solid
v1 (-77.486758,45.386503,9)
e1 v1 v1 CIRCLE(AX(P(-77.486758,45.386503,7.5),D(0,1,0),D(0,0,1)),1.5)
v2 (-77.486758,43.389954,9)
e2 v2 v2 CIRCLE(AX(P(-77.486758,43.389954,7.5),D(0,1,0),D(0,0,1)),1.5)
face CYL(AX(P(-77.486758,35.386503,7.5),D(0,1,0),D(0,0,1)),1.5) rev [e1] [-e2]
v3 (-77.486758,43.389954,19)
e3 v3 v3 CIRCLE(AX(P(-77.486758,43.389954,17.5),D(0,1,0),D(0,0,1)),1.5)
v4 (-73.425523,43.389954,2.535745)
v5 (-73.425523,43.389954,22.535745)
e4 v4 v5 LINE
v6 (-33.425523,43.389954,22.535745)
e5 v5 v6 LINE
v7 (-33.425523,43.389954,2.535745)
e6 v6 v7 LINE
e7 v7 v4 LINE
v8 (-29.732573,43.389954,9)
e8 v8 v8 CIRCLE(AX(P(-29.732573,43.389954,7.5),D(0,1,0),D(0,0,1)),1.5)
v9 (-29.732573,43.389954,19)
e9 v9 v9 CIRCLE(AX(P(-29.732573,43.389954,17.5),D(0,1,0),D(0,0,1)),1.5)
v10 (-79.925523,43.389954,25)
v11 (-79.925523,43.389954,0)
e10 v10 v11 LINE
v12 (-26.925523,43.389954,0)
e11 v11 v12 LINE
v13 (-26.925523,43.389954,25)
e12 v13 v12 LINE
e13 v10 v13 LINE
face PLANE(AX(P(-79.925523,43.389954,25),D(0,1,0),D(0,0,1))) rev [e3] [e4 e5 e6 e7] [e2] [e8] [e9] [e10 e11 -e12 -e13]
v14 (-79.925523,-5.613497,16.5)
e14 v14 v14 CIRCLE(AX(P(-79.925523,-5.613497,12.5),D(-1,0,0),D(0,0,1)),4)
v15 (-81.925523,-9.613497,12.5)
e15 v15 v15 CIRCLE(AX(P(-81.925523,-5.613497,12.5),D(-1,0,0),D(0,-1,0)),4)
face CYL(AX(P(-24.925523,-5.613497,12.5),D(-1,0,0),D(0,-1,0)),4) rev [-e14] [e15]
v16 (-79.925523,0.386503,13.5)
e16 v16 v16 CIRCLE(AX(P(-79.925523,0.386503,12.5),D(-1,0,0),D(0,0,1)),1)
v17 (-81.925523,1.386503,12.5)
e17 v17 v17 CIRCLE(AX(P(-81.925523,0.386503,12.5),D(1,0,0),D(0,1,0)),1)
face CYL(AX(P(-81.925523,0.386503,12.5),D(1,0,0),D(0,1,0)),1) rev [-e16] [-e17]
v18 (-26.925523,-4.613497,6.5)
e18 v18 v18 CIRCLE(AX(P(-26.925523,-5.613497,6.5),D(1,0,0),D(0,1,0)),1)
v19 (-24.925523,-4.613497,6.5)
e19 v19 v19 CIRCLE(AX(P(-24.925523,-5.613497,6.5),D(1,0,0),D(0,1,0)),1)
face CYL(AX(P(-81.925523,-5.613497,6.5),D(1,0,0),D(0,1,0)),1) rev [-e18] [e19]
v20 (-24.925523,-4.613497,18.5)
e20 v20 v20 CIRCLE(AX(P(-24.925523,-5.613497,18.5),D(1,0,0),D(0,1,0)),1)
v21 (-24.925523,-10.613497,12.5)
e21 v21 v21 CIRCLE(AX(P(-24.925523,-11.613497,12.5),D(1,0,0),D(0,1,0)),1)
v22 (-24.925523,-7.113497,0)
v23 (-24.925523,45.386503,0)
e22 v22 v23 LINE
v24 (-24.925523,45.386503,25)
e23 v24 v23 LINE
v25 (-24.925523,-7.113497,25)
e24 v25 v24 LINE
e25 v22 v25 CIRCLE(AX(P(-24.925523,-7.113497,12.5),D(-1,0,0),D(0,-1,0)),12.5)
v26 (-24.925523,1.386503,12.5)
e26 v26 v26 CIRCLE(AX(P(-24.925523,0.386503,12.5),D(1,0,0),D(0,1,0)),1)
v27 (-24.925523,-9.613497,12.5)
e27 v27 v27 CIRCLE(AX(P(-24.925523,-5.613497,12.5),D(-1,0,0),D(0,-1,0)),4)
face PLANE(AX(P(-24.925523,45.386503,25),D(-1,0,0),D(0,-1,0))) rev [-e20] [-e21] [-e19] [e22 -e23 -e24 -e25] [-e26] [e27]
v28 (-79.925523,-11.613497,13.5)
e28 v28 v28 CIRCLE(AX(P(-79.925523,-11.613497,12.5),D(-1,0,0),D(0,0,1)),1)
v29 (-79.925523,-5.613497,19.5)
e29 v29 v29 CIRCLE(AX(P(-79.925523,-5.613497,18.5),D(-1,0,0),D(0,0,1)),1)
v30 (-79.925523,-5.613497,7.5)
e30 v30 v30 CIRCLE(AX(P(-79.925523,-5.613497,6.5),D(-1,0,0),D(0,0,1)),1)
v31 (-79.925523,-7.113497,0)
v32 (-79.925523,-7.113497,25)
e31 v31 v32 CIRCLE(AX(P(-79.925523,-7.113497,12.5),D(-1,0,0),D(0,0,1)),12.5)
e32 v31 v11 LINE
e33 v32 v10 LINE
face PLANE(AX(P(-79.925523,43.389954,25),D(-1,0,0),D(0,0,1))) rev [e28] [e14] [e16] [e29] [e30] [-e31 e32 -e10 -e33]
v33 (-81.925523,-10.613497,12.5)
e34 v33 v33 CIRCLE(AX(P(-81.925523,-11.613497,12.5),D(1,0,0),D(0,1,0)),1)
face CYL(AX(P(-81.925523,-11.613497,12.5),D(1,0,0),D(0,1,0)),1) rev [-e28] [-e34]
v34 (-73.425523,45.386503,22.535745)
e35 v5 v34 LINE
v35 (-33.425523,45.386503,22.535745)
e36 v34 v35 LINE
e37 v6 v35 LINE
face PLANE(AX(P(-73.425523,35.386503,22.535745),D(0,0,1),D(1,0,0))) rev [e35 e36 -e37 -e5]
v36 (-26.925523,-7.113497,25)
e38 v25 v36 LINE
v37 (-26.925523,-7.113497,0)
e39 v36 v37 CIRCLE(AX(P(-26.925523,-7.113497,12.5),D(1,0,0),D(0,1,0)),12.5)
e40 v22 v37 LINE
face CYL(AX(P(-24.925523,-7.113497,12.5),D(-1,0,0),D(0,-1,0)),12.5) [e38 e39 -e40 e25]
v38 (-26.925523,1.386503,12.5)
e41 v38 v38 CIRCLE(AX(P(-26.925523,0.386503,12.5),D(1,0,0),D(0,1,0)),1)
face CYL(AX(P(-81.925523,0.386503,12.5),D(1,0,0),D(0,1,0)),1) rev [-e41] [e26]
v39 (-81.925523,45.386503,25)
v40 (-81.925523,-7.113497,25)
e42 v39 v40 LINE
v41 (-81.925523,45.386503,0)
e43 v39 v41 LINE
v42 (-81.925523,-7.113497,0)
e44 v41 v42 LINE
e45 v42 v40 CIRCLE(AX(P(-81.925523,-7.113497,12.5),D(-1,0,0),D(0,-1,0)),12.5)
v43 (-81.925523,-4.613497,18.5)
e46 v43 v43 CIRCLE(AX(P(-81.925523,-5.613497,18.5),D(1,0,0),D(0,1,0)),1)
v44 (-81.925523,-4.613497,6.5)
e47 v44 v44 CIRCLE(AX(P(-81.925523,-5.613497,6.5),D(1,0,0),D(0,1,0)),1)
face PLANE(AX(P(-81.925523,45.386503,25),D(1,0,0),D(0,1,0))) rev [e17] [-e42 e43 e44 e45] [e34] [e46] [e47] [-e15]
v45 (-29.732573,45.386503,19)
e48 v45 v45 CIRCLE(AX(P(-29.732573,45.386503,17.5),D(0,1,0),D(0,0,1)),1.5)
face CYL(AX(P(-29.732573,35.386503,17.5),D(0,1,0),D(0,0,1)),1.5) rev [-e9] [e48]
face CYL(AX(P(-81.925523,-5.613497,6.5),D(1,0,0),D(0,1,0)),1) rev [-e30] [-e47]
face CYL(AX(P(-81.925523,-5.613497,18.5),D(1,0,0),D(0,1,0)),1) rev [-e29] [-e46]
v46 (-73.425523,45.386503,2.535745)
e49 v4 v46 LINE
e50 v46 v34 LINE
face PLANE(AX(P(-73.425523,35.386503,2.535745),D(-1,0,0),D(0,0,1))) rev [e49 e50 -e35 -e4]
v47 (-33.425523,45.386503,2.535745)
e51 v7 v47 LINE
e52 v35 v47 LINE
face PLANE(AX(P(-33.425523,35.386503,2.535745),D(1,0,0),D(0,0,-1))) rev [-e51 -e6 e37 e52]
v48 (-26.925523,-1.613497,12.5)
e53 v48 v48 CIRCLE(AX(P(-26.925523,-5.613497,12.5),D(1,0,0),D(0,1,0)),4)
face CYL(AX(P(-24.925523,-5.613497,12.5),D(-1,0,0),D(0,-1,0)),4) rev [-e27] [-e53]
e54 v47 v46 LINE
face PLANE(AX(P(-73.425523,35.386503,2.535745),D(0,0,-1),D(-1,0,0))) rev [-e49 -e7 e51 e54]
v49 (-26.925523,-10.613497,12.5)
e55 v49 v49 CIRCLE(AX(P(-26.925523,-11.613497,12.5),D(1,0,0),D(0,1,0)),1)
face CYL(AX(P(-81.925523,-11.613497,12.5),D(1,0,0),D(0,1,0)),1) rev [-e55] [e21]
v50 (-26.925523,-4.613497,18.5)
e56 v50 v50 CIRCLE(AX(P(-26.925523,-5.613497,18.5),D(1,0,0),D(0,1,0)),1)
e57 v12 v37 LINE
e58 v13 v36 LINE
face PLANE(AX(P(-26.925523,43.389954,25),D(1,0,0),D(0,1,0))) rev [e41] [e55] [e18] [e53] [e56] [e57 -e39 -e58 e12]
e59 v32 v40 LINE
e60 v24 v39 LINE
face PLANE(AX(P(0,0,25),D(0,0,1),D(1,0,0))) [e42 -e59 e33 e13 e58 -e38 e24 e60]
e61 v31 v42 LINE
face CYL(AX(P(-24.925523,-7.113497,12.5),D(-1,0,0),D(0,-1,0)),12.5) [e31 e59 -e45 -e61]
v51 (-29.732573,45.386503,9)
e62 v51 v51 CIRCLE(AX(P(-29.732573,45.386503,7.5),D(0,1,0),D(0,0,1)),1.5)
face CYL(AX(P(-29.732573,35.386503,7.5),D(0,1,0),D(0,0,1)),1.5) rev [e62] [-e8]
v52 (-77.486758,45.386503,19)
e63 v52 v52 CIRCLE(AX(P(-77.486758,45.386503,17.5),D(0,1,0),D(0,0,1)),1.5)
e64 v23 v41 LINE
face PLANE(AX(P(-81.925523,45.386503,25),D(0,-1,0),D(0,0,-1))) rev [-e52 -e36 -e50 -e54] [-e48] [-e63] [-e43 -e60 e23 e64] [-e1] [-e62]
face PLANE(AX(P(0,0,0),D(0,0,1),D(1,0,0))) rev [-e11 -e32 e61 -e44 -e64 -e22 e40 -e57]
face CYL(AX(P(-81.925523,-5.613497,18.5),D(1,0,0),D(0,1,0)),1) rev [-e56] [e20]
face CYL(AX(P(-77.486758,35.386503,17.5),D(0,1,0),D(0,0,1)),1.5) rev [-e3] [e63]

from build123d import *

# Parameters (mm, degrees)
BOSS_EXTRUDE2_DEPTH = 25
SKETCH4_R           = 4
CUT_EXTRUDE1_DEPTH  = 108.5257706
SKETCH6_R           = 4
CUT_EXTRUDE2_DEPTH  = 78.032036302
CUT_EXTRUDE3_DEPTH  = 78.032036302
SKETCH9_R           = 1
CUT_EXTRUDE4_DEPTH  = 78.032036302
SKETCH10_R          = 1
CUT_EXTRUDE5_DEPTH  = 108.5257706
SKETCH11_R          = 1.5
SKETCH11_W          = 40
SKETCH11_H          = 20
CUT_EXTRUDE6_DEPTH  = 10


with BuildPart() as part:
    # Sketch3 → Boss-Extrude2 (new body)
    with BuildSketch(Plane.XY):
        Polygon((-79.925523148, 45.386502584), (-27.042967192, 45.386502584), (-24.925523148, 45.386502584), (-24.925523148, -19.613497416), (-26.925523148, -19.613497416), (-26.925523148, 43.389953837), (-79.925523148, 43.389953837), (-79.925523148, -19.613497416), (-81.925523148, -19.613497416), (-81.925523148, 45.386502584), align=None)
    extrude(amount=BOSS_EXTRUDE2_DEPTH)

    # Sketch4 → Cut-Extrude1 (cut, through all)
    with BuildSketch(Plane(origin=(0, 45.386502584, 0), x_dir=(1, 0, 0), z_dir=(0, 1, 0))):
        with Locations(Location((-54.925523148, -12.5, 0), (0, 0, 270))):
            Circle(SKETCH4_R)
    extrude(amount=-CUT_EXTRUDE1_DEPTH, mode=Mode.SUBTRACT)

    # Sketch6 → Cut-Extrude2 (cut, through all)
    with BuildSketch(Plane.ZY.offset(81.925523148)):
        with Locations(Location((12.5, -5.613497416, 0), (0, 0, 270))):
            Circle(SKETCH6_R)
    extrude(amount=-CUT_EXTRUDE2_DEPTH, mode=Mode.SUBTRACT)

    # Sketch8 → Cut-Extrude3 (cut, through all)
    with BuildSketch(Plane.ZY.offset(81.925523148)):
        with BuildLine():
            Line((0, -19.613497416), (12.5, -19.613497416))
            ThreePointArc((12.5, -19.613497416), (3.661165213, -15.952332159), (0, -7.113497352))
            Line((0, -7.113497352), (0, -19.613497416))
        make_face()
        with BuildLine():
            Line((12.5, -19.613497416), (25, -19.613497416))
            Line((25, -19.613497416), (25, -7.113497416))
            ThreePointArc((25, -7.113497416), (21.338834765, -15.952332181), (12.5, -19.613497416))
        make_face()
    extrude(amount=-CUT_EXTRUDE3_DEPTH, mode=Mode.SUBTRACT)

    # Sketch9 → Cut-Extrude4 (cut, through all)
    with BuildSketch(Plane(origin=(-24.925523148, 0, 0), x_dir=(0, 0, -1), z_dir=(1, 0, 0))):
        with Locations(Location((-6.5, -5.613497416, 0), (0, 0, 90))):
            Circle(SKETCH9_R)
        with Locations(Location((-12.5, -11.613497416, 0), (0, 0, 90))):
            Circle(SKETCH9_R)
        with Locations(Location((-18.5, -5.613497416, 0), (0, 0, 90))):
            Circle(SKETCH9_R)
        with Locations(Location((-12.5, 0.386502584, 0), (0, 0, 90))):
            Circle(SKETCH9_R)
    extrude(amount=-CUT_EXTRUDE4_DEPTH, mode=Mode.SUBTRACT)

    # Sketch10 → Cut-Extrude5 (cut, through all)
    with BuildSketch(Plane(origin=(0, 45.386502584, 0), x_dir=(1, 0, 0), z_dir=(0, 1, 0))):
        with Locations(Location((-60.925523148, -12.154997531, 0), (0, 0, 270))):
            Circle(SKETCH10_R)
        with Locations(Location((-54.580522888, -6.49999994, 0), (0, 0, 270))):
            Circle(SKETCH10_R)
        with Locations(Location((-48.925525297, -12.845000201, 0), (0, 0, 270))):
            Circle(SKETCH10_R)
        with Locations(Location((-55.270525558, -18.499997791, 0), (0, 0, 270))):
            Circle(SKETCH10_R)
    extrude(amount=-CUT_EXTRUDE5_DEPTH, mode=Mode.SUBTRACT)

    # Sketch11 → Cut-Extrude6 (cut)
    with BuildSketch(Plane(origin=(0, 45.386502584, 0), x_dir=(1, 0, 0), z_dir=(0, 1, 0))):
        with Locations(Location((-77.486757697, -7.5, 0), (0, 0, 270))):
            Circle(SKETCH11_R)
        with Locations(Location((-77.486757697, -17.5, 0), (0, 0, 270))):
            Circle(SKETCH11_R)
        with Locations(Location((-29.732572802, -17.5, 0), (0, 0, 270))):
            Circle(SKETCH11_R)
        with Locations(Location((-29.732572802, -7.5, 0), (0, 0, 270))):
            Circle(SKETCH11_R)
        with Locations((-53.425523148, -12.535744512)):
            Rectangle(SKETCH11_W, SKETCH11_H)
    extrude(amount=-CUT_EXTRUDE6_DEPTH, mode=Mode.SUBTRACT)


solid = part.part
